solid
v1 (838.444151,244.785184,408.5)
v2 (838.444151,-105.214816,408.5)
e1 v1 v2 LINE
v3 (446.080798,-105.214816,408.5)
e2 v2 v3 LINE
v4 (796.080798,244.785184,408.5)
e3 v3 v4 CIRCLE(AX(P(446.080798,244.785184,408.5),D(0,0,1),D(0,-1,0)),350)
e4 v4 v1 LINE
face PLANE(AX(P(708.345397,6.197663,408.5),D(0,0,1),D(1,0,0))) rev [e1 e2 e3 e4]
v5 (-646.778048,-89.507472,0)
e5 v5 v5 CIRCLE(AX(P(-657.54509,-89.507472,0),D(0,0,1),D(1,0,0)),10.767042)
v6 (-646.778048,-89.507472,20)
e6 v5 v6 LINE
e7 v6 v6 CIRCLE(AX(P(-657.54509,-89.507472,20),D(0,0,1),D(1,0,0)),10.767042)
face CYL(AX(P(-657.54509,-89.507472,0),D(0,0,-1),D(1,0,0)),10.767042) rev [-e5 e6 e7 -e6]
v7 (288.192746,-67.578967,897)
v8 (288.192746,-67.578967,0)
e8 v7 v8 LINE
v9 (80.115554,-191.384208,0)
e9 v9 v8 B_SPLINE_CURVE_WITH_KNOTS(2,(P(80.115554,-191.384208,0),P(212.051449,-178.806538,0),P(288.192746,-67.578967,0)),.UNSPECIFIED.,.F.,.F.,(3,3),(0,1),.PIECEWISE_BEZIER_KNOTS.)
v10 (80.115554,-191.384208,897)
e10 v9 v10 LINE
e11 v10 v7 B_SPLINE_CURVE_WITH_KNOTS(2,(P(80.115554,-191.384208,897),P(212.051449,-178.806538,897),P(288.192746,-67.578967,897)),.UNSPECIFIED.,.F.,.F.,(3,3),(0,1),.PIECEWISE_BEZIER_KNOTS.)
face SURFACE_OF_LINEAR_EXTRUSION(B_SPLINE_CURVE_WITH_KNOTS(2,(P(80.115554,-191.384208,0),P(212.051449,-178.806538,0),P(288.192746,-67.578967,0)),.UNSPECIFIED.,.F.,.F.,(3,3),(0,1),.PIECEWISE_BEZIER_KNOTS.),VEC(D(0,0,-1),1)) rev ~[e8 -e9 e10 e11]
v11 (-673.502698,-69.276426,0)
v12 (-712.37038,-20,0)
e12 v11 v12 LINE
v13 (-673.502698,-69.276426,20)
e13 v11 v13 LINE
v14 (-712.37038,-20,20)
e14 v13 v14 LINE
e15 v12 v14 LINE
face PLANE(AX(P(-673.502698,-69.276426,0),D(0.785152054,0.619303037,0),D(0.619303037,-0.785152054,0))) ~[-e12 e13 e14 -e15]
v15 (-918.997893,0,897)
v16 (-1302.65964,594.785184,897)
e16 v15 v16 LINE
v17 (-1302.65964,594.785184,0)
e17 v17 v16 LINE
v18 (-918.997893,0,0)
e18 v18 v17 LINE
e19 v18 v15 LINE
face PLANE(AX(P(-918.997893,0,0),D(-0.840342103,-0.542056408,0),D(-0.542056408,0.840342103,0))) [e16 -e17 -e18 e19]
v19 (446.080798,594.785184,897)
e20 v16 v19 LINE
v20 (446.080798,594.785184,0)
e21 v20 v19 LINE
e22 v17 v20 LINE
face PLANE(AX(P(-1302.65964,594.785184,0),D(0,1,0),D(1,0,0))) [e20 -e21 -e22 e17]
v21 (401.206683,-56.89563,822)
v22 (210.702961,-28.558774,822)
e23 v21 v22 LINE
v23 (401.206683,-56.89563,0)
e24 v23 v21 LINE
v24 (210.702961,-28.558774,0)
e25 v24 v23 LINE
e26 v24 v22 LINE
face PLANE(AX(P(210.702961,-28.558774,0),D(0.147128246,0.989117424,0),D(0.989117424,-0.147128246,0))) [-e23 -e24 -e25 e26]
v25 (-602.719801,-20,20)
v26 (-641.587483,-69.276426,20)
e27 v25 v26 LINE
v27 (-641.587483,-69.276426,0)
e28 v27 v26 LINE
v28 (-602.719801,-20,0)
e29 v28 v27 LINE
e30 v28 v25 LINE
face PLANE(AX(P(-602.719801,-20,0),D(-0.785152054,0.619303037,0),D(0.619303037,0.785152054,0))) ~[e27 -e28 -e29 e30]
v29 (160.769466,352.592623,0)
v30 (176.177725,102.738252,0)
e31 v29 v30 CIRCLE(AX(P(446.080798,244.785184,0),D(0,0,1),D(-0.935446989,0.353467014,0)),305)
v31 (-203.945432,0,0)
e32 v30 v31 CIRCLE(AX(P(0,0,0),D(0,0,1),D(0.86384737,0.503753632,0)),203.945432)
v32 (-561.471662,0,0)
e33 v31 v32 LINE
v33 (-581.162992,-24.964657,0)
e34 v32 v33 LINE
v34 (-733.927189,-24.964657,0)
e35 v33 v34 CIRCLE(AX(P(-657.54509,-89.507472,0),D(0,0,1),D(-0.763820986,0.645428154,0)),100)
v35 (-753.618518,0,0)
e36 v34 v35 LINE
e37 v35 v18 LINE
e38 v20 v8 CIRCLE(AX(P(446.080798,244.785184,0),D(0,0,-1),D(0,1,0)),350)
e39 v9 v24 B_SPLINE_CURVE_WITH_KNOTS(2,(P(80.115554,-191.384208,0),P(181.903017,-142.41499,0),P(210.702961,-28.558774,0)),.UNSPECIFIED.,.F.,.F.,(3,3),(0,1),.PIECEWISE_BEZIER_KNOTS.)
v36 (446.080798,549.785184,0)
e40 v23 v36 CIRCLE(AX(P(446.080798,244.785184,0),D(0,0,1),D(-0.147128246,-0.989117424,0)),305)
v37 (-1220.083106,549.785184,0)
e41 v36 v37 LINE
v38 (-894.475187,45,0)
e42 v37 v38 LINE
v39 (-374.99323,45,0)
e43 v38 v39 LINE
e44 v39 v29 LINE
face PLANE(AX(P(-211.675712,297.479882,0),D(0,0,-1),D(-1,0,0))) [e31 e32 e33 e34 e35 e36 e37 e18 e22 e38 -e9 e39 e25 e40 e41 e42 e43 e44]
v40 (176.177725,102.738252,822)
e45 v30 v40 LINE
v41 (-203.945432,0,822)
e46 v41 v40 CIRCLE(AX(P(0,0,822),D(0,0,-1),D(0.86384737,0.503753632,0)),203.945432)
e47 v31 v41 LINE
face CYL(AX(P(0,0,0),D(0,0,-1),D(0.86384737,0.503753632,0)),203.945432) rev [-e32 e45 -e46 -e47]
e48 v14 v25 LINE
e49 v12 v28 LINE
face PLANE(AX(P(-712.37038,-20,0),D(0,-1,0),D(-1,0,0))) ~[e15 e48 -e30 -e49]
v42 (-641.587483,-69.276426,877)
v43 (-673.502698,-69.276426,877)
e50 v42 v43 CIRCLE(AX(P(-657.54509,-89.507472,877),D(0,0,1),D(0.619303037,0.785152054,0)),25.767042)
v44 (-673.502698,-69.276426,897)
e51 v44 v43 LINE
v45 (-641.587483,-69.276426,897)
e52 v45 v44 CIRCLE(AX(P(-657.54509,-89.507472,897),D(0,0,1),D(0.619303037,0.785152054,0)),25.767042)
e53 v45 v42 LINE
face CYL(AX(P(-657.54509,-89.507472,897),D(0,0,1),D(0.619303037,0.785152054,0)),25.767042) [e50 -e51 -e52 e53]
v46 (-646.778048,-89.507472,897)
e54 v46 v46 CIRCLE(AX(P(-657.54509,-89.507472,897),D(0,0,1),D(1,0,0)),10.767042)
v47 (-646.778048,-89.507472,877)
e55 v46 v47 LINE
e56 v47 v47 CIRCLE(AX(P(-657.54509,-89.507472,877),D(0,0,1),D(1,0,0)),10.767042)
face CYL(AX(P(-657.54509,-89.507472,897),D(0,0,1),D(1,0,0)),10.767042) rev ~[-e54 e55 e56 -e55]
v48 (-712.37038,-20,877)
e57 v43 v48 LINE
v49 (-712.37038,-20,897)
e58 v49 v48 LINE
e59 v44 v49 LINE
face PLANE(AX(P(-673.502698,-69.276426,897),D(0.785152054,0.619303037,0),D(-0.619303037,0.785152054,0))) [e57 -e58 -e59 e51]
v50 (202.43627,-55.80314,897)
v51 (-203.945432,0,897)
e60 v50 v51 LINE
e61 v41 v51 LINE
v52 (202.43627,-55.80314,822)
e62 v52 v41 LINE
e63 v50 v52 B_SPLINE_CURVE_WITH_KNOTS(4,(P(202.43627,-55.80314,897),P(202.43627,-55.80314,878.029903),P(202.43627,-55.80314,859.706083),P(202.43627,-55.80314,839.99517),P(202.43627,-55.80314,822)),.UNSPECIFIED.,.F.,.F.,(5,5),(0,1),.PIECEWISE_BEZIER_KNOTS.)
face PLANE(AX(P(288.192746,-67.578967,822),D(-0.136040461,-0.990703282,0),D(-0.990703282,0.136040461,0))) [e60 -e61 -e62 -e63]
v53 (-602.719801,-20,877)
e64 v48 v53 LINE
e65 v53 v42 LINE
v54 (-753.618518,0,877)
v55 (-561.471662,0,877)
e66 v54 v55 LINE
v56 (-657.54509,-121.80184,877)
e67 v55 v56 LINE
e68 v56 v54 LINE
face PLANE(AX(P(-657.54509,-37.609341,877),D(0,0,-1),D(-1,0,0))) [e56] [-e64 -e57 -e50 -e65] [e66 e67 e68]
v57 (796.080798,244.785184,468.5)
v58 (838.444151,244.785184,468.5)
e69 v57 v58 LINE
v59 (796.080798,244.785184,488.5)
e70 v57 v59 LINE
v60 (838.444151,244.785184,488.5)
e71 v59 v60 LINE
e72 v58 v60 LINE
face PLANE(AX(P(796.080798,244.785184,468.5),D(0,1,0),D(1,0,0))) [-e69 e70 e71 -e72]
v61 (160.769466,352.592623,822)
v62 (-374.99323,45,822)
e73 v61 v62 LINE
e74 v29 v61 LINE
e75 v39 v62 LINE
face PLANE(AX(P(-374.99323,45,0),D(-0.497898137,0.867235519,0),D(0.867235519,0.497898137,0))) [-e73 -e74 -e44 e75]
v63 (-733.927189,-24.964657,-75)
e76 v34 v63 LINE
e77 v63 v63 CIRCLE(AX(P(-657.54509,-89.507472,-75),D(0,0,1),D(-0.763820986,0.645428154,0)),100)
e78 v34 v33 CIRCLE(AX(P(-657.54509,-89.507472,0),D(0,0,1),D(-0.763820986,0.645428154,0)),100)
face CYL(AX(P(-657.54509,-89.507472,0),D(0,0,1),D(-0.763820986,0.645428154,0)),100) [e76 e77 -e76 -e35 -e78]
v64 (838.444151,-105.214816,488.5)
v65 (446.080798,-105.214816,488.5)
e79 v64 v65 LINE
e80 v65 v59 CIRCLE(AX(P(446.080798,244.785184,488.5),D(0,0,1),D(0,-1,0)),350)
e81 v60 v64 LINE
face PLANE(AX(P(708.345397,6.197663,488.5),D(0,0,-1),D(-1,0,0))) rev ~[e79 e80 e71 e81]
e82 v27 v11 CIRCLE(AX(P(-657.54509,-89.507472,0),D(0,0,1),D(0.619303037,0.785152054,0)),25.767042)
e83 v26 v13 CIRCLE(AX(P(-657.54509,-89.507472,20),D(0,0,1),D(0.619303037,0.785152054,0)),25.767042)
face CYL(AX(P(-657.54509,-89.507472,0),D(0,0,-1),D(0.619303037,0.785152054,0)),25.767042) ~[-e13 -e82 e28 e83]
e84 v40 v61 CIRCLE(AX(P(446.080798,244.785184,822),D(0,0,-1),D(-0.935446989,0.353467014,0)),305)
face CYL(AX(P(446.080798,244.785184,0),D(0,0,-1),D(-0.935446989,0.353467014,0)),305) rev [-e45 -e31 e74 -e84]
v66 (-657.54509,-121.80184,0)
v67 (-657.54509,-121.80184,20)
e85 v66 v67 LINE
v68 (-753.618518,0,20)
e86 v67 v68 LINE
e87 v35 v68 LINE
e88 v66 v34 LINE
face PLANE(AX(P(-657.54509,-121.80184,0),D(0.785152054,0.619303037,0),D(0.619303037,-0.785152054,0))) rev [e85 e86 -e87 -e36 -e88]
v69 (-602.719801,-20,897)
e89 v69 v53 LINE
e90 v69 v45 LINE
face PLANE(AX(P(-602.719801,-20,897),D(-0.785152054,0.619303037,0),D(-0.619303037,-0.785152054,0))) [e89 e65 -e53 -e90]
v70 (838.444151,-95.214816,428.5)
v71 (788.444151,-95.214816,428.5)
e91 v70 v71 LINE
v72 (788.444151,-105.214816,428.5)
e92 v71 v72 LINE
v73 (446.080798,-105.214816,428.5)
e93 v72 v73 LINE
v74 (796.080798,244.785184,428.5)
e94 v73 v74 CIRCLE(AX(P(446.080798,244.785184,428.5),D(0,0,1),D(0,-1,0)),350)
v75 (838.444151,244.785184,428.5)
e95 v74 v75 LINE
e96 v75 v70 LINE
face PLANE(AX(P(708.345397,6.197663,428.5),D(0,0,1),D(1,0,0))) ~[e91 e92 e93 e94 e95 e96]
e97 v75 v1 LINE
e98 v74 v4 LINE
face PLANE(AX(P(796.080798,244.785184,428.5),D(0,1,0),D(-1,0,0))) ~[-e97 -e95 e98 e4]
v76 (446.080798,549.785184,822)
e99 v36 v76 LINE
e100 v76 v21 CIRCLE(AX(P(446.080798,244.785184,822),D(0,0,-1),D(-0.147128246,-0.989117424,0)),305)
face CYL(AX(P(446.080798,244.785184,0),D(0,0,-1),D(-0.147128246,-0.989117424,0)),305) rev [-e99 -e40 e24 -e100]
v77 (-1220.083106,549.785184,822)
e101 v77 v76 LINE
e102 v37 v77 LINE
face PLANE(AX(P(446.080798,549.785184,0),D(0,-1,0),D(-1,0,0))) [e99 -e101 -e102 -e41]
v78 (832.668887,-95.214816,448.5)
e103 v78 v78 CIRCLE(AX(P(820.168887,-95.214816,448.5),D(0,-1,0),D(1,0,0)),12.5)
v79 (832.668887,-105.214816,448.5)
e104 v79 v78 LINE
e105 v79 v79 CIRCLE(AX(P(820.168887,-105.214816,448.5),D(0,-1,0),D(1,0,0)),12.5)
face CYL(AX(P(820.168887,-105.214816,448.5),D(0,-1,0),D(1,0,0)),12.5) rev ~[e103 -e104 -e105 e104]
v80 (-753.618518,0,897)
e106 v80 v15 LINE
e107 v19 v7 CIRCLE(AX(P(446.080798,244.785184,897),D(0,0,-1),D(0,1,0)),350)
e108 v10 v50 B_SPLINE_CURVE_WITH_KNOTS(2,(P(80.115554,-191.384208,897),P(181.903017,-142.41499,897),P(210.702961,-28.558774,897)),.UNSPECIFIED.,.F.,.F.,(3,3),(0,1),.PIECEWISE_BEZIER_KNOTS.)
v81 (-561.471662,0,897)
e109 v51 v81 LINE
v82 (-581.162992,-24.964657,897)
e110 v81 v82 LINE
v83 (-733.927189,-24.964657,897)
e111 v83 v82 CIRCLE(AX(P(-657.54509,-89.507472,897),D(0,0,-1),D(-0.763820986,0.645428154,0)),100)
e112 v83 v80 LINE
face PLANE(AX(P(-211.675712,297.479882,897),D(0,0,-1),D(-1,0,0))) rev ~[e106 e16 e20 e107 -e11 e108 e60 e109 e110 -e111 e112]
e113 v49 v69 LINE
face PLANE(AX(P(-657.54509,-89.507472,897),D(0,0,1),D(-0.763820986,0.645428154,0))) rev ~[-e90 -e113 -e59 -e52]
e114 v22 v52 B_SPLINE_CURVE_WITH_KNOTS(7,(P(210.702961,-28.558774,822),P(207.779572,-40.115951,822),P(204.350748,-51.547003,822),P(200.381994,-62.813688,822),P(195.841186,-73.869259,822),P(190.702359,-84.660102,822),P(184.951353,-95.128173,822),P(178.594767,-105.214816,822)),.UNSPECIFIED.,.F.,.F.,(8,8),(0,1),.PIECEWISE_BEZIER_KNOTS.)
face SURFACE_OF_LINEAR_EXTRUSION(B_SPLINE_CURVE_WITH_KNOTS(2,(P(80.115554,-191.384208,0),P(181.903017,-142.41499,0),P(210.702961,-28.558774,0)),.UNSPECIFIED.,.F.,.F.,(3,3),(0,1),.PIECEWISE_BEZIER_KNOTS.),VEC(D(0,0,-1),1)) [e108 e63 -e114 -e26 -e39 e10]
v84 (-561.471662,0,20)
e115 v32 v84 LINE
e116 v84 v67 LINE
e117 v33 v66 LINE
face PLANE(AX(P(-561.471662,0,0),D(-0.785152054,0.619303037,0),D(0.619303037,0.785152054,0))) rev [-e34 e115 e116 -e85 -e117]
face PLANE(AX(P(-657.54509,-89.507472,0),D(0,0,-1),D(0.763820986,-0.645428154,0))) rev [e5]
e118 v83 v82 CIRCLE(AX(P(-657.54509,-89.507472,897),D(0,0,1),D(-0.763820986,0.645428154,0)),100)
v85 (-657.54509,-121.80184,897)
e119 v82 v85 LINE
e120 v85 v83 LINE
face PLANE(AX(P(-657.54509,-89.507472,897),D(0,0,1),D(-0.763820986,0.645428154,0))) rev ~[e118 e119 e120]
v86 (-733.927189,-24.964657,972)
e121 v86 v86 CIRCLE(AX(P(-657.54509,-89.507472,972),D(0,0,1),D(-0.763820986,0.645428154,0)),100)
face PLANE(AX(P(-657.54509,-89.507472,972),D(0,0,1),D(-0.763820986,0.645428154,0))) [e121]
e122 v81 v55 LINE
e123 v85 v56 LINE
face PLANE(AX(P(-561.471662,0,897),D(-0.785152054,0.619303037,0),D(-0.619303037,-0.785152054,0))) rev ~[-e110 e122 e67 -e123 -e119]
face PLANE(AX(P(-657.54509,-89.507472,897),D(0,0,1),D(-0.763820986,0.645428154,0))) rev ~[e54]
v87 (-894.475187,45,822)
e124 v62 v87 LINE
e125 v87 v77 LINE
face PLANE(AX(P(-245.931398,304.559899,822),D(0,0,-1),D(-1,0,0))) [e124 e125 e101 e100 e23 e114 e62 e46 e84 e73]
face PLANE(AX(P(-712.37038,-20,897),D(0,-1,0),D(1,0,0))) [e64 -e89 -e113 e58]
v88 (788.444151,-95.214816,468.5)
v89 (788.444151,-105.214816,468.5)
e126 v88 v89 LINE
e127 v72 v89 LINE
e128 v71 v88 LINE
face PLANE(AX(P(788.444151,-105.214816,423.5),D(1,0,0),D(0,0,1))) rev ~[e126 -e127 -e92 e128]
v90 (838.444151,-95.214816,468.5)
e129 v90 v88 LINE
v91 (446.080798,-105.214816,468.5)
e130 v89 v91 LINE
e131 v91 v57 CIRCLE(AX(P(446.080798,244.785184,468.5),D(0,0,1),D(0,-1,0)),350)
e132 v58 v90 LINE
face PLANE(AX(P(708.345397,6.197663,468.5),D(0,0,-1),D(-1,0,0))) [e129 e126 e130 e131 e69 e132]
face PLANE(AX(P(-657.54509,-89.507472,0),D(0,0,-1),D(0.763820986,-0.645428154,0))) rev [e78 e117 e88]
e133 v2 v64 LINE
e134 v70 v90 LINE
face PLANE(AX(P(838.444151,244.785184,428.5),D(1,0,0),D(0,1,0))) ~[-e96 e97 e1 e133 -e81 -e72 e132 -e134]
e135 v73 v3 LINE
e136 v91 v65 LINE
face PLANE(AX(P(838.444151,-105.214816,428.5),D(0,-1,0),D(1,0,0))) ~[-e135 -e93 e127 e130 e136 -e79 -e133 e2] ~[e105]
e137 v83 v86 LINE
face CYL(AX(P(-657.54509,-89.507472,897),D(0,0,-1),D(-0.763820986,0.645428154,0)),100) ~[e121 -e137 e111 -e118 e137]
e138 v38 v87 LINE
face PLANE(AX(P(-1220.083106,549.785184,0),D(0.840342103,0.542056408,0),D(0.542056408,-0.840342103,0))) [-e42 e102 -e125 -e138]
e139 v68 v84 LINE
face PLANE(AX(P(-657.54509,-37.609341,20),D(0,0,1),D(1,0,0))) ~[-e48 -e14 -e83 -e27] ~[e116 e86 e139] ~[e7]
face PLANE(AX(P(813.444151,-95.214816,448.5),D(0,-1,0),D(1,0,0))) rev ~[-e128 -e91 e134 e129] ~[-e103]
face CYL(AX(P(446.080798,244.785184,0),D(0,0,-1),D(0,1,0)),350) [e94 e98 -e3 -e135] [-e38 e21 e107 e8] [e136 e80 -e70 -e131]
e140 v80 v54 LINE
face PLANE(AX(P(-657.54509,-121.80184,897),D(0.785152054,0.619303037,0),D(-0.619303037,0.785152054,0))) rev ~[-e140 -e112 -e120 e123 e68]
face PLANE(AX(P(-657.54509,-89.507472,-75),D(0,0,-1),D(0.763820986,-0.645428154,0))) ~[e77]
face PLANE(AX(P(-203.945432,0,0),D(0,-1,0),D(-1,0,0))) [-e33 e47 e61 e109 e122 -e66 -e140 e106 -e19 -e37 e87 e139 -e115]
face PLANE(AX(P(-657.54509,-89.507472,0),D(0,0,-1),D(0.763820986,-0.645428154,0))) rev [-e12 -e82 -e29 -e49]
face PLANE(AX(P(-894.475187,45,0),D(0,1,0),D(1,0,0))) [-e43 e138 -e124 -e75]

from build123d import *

# Parameters (mm, degrees)
BOSS_EXTRUDE1_DEPTH = 897
SKETCH2_R           = 10.767041916
BOSS_EXTRUDE2_DEPTH = 20
BOSS_EXTRUDE3_START = 20
BOSS_EXTRUDE3_DEPTH = 20
SKETCH4_W           = 50
SKETCH4_H           = 50
SKETCH4_R           = 12.5
BOSS_EXTRUDE4_DEPTH = 10
SKETCH5_R           = 100
BOSS_EXTRUDE5_DEPTH = 75
BOSS_EXTRUDE6_START = -75
BOSS_EXTRUDE6_DEPTH = 75


with BuildPart() as part:
    # Sketch1 → Boss-Extrude1 (new body)
    with BuildSketch(Plane.XY):
        with BuildLine():
            add(Edge.make_bspline(
                [(80.115553735, -191.384207833), (181.903017437, -142.41499007), (210.702960853, -28.558773965)],
                knots=[0, 0, 0, 1, 1, 1], degree=2))
            Line((210.702960853, -28.558773965), (401.206683232, -56.895630445))
            ThreePointArc((401.206683232, -56.895630445), (750.24986995, 222.286833017), (446.080798211, 549.785184001))
            Line((446.080798211, 549.785184001), (-1220.08310634, 549.785184001))
            Line((-1220.08310634, 549.785184001), (-894.475187417, 45))
            Line((-894.475187417, 45), (-374.993230006, 45))
            Line((-374.993230006, 45), (160.769466444, 352.592623287))
            ThreePointArc((160.769466444, 352.592623287), (141.659115875, 226.01181659), (176.177724746, 102.738251846))
            ThreePointArc((176.177724746, 102.738251846), (-53.212296367, 196.881158582), (-203.945431646, 0))
            Line((-203.945431646, 0), (-918.997892597, 0))
            Line((-918.997892597, 0), (-1302.659640419, 594.785184001))
            Line((-1302.659640419, 594.785184001), (446.080798211, 594.785184001))
            ThreePointArc((446.080798211, 594.785184001), (786.541848074, 163.629324532), (288.192746113, -67.578967279))
            add(Edge.make_bspline(
                [(80.115553735, -191.384207833), (212.051449387, -178.806537551), (288.192746113, -67.578967279)],
                knots=[0, 0, 0, 1, 1, 1], degree=2))
        make_face()
    extrude(amount=BOSS_EXTRUDE1_DEPTH)

    # Sketch2 → Boss-Extrude2 (add)
    with BuildSketch(Plane.XY.offset(897)):
        Polygon((-753.618518266, 0), (-561.471662121, 0), (-657.545090194, -121.801839924), align=None)
        with Locations((-657.545090194, -89.507472225)):
            Circle(SKETCH2_R, mode=Mode.SUBTRACT)
        with BuildLine():
            Line((-712.370379676, -20), (-602.719800711, -20))
            Line((-602.719800711, -20), (-641.587482876, -69.276426335))
            ThreePointArc((-641.587482876, -69.276426335), (-657.545090194, -63.740430309), (-673.502697511, -69.276426335))
            Line((-673.502697511, -69.276426335), (-712.370379676, -20))
        make_face(mode=Mode.SUBTRACT)
    boss_extrude2 = extrude(amount=-BOSS_EXTRUDE2_DEPTH)

    # Mirror1: Boss-Extrude2 across plane
    add(boss_extrude2.mirror(Plane.XY.offset(448.5)))

    # Sketch3 → Boss-Extrude3 (add)
    with BuildSketch(Plane.XY.offset(448.5).offset(BOSS_EXTRUDE3_START)):
        with BuildLine():
            Line((796.080798211, -105.214815999), (446.080798211, -105.214815999))
            ThreePointArc((446.080798211, -105.214815999), (693.568171626, -2.702189415), (796.080798211, 244.785184001))
            Line((796.080798211, 244.785184001), (838.444150781, 244.785184001))
            Line((838.444150781, 244.785184001), (838.444150781, -105.214815999))
            Line((838.444150781, -105.214815999), (796.080798211, -105.214815999))
        make_face()
    extrude(amount=BOSS_EXTRUDE3_DEPTH)

    # Mirror2: part across plane


with BuildPart() as part_1:
    add(part.part)
    add(part.part.mirror(Plane.XY.offset(448.5)))

    # Sketch4 → Boss-Extrude4 (add)
    with BuildSketch(Plane.XZ.offset(105.214815999)):
        with Locations((813.444150781, 448.5)):
            Rectangle(SKETCH4_W, SKETCH4_H)
        with Locations((820.168886717, 448.5)):
            Circle(SKETCH4_R, mode=Mode.SUBTRACT)
    extrude(amount=-BOSS_EXTRUDE4_DEPTH)

    # Sketch5 → Boss-Extrude5 (add)
    with BuildSketch(Plane.XY.offset(897)):
        with Locations(Location((-657.545090194, -89.507472225, 0), (0, 0, 139.802215435))):
            Circle(SKETCH5_R)
    extrude(amount=BOSS_EXTRUDE5_DEPTH)

    # Mirror3: part across plane


with BuildPart() as part_2:
    add(part_1.part)
    add(part_1.part.mirror(Plane.XY.offset(448.5)))

    # Sketch6 → Boss-Extrude6 (add)
    with BuildSketch(Plane.XY.offset(897).offset(BOSS_EXTRUDE6_START)):
        with BuildLine():
            Line((-203.945431646, 0), (-561.471662121, 0))
            Line((-561.471662121, 0), (-753.618518266, 0))
            Line((-753.618518266, 0), (-918.997892597, 0))
            Line((-918.997892597, 0), (-1302.659640419, 594.785184001))
            Line((-1302.659640419, 594.785184001), (446.080798211, 594.785184001))
            ThreePointArc((446.080798211, 594.785184001), (786.541848074, 163.629324532), (288.192746113, -67.578967279))
            Line((288.192746113, -67.578967279), (-203.945431646, 0))
        make_face()
    extrude(amount=BOSS_EXTRUDE6_DEPTH)


solid = part_2.part
